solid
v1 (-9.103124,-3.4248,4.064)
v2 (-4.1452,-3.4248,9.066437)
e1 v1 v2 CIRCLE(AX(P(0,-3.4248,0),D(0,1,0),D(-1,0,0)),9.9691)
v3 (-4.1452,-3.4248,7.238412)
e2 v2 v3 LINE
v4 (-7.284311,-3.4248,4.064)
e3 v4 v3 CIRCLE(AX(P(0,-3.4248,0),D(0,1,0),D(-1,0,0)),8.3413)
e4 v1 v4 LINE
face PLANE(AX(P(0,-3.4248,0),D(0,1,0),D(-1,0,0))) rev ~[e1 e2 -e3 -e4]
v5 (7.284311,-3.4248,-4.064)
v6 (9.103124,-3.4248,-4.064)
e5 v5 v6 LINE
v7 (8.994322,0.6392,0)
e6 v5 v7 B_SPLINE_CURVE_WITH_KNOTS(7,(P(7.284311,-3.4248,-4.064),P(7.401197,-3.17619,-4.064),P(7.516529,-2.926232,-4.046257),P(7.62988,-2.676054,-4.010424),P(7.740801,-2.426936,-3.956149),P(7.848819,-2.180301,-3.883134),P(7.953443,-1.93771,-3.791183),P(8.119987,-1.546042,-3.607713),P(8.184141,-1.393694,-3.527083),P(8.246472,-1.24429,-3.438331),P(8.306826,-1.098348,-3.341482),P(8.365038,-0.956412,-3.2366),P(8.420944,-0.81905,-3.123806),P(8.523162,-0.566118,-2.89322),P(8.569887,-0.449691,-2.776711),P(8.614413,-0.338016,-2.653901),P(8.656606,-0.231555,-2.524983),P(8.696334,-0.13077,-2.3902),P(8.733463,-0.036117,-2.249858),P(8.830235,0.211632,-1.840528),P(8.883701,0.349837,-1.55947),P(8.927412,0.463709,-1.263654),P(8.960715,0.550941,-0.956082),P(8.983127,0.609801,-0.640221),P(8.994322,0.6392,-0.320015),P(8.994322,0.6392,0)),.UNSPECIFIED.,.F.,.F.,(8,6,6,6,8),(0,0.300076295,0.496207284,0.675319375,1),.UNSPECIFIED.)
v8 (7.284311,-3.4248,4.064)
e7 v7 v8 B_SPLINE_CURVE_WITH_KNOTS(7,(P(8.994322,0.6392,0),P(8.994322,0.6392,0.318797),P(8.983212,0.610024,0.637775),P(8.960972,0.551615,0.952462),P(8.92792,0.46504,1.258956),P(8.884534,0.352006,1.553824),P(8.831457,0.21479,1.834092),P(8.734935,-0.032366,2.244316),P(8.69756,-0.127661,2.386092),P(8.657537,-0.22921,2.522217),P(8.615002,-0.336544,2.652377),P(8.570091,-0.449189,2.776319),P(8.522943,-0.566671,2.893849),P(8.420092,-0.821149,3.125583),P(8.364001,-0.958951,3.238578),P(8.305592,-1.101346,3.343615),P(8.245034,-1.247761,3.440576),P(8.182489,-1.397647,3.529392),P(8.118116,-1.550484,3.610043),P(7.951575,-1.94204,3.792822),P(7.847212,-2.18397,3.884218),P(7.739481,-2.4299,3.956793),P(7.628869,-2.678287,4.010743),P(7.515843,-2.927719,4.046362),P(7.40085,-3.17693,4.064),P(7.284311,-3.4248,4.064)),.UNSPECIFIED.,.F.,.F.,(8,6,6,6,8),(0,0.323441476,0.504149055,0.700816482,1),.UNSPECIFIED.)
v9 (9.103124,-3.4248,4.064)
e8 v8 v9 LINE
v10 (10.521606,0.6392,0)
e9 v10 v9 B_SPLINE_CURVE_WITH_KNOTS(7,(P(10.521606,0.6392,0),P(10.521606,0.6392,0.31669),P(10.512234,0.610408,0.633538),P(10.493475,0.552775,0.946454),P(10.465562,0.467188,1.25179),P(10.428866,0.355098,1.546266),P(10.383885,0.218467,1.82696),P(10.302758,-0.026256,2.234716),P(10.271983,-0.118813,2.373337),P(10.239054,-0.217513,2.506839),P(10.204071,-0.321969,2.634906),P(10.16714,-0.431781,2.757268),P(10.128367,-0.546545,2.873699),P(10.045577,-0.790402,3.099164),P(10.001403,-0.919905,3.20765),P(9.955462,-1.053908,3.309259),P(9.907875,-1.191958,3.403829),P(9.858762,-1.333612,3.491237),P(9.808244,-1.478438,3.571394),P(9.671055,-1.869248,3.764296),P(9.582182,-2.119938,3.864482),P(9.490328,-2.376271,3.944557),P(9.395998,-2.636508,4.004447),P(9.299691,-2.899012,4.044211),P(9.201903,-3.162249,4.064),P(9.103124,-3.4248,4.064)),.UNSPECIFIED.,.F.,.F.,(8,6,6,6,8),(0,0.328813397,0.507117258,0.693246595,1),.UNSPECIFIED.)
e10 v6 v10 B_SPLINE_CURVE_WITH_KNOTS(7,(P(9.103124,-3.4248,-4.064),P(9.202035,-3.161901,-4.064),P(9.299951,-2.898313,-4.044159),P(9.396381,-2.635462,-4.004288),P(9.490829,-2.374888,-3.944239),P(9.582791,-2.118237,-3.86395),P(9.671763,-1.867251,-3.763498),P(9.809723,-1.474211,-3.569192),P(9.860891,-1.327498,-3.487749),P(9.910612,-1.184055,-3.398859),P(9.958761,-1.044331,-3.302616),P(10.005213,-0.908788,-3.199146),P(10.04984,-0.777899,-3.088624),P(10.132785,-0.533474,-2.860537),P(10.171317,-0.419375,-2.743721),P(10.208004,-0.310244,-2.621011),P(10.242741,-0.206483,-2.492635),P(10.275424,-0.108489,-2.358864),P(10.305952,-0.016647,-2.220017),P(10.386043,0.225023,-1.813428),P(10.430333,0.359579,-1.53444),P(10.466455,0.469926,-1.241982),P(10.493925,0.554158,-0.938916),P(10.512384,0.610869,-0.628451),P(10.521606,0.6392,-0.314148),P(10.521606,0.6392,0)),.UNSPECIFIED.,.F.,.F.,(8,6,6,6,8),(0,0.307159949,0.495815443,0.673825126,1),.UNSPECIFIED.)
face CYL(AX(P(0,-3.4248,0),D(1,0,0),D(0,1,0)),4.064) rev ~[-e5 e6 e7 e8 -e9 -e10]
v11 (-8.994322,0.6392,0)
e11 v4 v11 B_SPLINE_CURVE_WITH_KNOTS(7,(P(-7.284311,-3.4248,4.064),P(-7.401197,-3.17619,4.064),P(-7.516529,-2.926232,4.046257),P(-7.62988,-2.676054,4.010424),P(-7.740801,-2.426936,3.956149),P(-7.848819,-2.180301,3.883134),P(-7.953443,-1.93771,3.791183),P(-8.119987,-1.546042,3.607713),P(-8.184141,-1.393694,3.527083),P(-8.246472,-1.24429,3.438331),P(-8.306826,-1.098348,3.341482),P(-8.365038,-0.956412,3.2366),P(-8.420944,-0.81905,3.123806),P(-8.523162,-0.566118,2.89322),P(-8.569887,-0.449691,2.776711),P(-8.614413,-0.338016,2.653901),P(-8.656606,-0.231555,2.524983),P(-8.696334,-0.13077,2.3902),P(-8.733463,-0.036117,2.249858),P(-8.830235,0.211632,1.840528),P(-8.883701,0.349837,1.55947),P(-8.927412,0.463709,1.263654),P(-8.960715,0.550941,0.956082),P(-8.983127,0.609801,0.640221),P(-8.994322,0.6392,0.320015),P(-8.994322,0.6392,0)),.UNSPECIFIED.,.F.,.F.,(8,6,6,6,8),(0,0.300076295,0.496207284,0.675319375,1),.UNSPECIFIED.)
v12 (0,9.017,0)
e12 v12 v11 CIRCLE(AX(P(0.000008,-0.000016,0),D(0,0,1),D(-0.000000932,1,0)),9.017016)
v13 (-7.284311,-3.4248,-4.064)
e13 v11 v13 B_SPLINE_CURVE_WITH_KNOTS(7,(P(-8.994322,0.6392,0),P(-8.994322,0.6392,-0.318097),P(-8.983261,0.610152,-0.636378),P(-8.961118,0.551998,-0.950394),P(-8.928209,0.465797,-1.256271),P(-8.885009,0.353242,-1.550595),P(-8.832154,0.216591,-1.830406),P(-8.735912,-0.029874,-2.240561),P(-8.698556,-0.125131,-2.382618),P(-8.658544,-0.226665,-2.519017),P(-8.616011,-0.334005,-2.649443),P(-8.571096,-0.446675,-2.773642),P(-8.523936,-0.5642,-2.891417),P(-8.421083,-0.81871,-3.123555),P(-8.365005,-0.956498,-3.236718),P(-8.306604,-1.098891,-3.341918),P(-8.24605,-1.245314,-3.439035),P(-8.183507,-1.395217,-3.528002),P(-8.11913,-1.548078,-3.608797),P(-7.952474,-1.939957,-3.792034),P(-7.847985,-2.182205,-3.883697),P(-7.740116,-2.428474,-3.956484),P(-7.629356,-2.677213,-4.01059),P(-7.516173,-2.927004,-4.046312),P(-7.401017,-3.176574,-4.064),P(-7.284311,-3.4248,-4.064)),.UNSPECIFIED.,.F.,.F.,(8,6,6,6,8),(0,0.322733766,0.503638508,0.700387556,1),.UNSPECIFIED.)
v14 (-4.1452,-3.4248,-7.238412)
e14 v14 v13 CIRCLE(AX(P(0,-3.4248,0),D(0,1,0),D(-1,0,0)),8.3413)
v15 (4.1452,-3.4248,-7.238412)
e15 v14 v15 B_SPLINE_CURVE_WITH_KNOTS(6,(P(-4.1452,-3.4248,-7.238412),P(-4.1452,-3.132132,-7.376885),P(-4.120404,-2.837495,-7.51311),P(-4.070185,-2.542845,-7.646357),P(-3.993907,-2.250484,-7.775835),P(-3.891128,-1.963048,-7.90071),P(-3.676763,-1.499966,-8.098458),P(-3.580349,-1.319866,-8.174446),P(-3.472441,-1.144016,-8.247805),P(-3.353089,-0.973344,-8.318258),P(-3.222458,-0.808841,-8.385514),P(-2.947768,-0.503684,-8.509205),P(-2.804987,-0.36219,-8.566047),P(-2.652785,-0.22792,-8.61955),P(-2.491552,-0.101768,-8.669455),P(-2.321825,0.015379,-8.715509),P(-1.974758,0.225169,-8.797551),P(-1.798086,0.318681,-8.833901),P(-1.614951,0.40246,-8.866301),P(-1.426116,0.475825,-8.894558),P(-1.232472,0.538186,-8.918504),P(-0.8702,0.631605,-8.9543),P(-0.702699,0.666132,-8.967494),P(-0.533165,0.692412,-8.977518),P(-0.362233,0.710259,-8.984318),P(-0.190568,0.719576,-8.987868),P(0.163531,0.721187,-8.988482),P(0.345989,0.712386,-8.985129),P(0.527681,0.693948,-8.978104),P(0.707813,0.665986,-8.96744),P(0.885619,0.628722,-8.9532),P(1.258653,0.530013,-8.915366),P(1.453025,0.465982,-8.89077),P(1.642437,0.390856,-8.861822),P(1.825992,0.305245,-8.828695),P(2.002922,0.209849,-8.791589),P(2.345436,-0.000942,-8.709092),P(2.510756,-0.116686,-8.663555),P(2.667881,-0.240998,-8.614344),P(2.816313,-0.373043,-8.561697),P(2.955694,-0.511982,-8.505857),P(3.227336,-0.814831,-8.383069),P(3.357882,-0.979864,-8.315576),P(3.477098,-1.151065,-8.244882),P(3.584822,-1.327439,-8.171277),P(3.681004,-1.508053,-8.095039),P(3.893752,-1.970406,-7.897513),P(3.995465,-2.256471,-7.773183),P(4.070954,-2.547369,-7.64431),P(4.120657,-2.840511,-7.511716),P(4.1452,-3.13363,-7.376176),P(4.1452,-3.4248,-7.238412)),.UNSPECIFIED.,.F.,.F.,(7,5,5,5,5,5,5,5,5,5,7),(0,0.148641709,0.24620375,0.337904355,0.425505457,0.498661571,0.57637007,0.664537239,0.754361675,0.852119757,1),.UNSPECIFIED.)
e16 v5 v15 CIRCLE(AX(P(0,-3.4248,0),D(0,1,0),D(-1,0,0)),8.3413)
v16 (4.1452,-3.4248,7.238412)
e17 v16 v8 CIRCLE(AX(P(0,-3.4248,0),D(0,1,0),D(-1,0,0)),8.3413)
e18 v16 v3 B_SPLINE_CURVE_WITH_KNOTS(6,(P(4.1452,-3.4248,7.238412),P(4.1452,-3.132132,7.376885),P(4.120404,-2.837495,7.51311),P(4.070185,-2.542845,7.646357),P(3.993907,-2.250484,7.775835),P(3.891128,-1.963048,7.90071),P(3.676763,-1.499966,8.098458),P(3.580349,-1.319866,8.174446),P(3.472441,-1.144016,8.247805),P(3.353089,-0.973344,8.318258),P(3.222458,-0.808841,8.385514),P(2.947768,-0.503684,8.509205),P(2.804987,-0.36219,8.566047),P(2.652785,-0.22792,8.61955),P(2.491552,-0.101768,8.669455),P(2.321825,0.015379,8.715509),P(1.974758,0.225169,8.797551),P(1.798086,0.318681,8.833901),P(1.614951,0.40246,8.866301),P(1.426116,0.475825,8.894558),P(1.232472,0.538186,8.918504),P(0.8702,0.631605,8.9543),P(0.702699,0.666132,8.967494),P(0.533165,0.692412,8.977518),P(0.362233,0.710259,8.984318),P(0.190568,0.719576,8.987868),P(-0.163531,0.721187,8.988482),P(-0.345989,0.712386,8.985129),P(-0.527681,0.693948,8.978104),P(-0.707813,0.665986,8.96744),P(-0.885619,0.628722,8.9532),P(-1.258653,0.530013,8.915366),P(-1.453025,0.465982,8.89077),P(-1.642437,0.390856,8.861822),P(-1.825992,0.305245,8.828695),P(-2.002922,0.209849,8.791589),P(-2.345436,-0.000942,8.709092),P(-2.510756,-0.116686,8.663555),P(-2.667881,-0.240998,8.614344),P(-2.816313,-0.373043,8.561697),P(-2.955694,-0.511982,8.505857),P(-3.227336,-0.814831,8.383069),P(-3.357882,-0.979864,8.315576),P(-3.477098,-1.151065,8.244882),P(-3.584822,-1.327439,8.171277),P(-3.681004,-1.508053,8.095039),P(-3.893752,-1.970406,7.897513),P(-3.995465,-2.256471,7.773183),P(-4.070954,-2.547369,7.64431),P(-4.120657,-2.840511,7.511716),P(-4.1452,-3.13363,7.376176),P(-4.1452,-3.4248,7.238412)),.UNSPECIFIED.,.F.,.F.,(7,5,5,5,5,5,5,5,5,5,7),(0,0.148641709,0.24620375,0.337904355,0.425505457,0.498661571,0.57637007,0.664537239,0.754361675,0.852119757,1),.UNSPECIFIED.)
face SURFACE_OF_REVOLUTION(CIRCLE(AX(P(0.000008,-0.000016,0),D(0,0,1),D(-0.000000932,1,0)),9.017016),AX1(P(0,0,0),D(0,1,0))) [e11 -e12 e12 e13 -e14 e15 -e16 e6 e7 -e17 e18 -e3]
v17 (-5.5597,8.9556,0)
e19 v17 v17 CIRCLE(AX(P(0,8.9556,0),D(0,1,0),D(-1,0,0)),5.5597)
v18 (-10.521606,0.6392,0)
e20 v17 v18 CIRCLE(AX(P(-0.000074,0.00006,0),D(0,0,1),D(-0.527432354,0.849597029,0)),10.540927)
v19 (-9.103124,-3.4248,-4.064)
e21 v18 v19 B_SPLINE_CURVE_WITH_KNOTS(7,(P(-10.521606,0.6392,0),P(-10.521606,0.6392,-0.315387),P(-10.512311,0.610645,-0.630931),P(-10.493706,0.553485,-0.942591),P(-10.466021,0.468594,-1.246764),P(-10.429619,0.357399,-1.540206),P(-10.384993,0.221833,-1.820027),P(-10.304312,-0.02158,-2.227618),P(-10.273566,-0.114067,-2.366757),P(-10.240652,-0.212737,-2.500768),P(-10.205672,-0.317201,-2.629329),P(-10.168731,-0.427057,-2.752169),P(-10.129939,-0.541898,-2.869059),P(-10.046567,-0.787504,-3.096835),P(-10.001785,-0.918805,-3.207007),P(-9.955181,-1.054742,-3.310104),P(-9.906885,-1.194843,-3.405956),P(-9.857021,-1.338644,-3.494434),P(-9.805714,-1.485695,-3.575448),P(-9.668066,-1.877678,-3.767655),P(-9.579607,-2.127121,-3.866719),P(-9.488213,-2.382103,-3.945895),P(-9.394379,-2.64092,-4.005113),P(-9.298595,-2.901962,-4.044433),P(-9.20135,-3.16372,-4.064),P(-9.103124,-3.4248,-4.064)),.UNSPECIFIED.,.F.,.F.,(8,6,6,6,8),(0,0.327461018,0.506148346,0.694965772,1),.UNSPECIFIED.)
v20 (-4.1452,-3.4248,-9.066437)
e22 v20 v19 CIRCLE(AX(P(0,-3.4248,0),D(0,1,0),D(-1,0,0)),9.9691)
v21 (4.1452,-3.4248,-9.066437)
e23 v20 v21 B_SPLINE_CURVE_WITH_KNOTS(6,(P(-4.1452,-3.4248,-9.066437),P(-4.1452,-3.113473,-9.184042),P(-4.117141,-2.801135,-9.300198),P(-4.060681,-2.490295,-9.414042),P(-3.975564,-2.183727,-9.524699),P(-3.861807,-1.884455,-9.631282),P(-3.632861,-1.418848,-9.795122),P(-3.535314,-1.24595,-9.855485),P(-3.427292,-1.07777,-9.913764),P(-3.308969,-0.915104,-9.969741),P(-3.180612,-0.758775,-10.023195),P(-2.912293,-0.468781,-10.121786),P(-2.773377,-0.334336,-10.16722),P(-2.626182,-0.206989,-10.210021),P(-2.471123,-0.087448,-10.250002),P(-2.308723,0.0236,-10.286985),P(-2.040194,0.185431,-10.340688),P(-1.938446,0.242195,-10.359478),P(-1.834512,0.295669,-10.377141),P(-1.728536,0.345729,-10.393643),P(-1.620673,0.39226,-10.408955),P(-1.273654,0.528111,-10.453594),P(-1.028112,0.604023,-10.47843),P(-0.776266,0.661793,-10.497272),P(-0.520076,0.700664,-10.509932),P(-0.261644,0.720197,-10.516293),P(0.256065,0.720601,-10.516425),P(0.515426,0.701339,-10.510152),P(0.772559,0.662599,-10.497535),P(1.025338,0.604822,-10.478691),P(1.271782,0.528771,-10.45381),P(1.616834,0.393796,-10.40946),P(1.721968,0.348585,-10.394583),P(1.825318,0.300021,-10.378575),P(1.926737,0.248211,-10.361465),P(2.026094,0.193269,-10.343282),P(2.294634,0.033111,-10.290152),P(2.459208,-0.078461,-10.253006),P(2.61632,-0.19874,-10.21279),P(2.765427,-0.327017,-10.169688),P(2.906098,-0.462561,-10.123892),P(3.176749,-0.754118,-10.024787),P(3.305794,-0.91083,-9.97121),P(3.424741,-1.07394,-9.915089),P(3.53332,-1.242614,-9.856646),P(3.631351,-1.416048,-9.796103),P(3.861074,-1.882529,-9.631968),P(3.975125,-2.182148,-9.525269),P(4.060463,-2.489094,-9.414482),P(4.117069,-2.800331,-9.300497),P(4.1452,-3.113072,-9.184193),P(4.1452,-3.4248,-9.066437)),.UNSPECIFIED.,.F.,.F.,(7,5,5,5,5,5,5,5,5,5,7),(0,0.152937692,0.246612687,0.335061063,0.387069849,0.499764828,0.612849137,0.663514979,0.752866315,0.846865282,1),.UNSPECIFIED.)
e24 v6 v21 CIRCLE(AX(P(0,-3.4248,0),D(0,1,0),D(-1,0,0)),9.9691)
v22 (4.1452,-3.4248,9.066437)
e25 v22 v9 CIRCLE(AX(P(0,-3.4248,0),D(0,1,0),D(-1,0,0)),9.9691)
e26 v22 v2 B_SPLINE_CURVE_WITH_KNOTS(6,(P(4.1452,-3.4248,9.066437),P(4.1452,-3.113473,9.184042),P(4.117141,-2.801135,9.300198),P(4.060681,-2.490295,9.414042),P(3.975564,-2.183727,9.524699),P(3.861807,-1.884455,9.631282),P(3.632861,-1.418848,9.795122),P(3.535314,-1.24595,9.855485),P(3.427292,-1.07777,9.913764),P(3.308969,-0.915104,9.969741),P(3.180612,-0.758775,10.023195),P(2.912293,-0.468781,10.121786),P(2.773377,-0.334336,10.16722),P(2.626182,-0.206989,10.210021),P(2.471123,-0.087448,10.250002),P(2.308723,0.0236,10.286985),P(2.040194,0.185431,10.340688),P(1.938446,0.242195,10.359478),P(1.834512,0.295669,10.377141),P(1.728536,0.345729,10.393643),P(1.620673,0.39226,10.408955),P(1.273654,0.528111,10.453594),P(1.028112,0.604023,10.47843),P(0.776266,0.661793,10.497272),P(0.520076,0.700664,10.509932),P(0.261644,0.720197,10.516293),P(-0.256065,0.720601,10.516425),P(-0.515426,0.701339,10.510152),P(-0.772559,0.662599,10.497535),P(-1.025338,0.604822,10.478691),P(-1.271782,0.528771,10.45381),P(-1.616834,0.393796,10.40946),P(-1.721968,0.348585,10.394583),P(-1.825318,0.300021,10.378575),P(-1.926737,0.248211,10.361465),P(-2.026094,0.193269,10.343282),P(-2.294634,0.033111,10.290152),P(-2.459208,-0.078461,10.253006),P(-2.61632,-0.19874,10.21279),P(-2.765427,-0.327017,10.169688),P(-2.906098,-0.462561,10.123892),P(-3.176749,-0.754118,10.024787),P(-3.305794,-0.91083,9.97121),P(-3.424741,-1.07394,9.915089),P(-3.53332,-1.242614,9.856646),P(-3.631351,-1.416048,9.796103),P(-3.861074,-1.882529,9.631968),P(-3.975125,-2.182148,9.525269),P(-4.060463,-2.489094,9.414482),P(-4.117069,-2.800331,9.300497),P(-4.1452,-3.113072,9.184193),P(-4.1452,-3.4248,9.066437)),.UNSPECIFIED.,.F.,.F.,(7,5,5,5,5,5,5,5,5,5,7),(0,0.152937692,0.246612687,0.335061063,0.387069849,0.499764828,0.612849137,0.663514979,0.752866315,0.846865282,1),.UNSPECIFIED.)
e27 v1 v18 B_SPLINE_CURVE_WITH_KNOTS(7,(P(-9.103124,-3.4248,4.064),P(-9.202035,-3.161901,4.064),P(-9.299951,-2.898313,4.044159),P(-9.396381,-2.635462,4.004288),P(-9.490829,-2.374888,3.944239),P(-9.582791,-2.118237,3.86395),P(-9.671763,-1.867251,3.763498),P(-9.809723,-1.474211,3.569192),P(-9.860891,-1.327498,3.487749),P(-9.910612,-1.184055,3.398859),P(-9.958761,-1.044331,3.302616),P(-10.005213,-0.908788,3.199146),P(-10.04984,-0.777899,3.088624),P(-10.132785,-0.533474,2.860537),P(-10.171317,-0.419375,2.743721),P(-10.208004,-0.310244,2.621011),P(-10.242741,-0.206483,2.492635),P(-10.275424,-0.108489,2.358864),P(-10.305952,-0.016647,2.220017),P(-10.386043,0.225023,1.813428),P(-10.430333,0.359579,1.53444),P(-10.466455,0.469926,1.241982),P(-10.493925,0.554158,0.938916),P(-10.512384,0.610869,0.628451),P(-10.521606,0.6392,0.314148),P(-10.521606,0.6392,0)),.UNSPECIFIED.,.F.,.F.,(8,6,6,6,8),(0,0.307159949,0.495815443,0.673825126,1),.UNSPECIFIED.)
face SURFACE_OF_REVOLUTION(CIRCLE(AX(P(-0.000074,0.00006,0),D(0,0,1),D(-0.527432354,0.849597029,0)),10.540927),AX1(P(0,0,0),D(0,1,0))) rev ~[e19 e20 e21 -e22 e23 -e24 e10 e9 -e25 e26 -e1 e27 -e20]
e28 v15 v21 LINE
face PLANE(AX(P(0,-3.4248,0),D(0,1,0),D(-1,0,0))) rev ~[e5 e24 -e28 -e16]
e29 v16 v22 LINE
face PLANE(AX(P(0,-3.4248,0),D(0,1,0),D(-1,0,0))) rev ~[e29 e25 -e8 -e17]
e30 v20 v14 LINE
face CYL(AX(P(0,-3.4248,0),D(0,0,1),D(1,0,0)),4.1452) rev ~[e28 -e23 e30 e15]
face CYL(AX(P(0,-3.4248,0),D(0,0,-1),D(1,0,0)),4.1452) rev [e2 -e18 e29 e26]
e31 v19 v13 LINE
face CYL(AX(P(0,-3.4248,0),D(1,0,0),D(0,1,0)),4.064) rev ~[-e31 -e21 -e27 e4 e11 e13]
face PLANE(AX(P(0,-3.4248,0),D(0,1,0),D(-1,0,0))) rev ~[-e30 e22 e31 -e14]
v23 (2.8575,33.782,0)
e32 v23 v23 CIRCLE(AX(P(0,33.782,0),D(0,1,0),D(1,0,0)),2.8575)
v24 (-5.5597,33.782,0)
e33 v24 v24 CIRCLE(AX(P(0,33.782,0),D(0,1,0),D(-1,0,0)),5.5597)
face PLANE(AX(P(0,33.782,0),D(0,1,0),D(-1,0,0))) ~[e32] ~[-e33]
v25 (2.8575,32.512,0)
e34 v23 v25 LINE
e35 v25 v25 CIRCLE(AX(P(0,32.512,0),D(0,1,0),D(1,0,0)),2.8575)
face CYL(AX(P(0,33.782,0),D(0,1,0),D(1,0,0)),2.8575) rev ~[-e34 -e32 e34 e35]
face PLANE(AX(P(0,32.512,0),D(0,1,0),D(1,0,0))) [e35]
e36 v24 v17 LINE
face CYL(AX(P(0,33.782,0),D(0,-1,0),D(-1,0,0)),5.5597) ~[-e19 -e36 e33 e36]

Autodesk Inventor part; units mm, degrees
ref_plane "YZ Plane" through (0, 0, 0) normal (1, 0, 0) x (0, 1, 0)
ref_plane "XZ Plane" through (0, 0, 0) normal (0, 1, 0) x (-1, 0, 0)
ref_plane "XY Plane" through (0, 0, 0) normal (0, 0, 1) x (1, 0, 0)
sketch "Sketch1" plane through (0, 0, 0) normal (0, 0, 1) x (1, 0, 0)
  arc A0 (-5.5597, 8.9556) -> (-9.9691, -3.4248) centre (0, 0) ccw
  line L0 (0, 0) -> (0, 33.782)
  line L1 (0, 33.782) -> (-5.5597, 33.782)
  line L2 (-5.5597, 33.782) -> (-5.5597, 8.9556)
  line L3 (0, 0) -> (0, -2.735)
  arc A1 (0, 9.017) -> (-8.3413, -3.4248) centre (0, 0) ccw
  line L4 (-9.9691, -3.4248) -> (-8.3413, -3.4248)
  dimension "d1" = 21.082
  dimension "d2" = 1.524
  dimension "d12" = 33.782
revolve "Revolution1" add sketch "Sketch1" angle 360 about axis through (0, 0, 0) along (0, 1, 0)
sketch "Sketch4" plane through (0, 33.782, 0) normal (0, 1, 0) x (1, 0, 0)
  circle A0 centre (0, 0) radius 2.8575
  dimension "d4" = 5.715
extrude "Extrusion1" cut sketch "Sketch4" against normal blind 1.27
sketch "Sketch5" plane through (0, 0, 0) normal (1, 0, 0) x (0, 1, 0)
  line L0 (-3.4248, -9.9691) -> (-3.4248, 9.9691) projected
  circle A0 centre (-3.4248, 0) radius 4.064
  point P0 (0, 0)
  dimension "d7" = 8.128
extrude "Extrusion2" cut sketch "Sketch5" along normal mid plane 2540
sketch "Sketch7" plane through (0, 0, 0) normal (0, 0, 1) x (1, 0, 0)
  line L0 (7.2843, -3.4248) -> (-7.2843, -3.4248) projected
  circle A0 centre (0, -3.4248) radius 4.1452
  point P0 (0, 0)
extrude "Extrusion3" cut sketch "Sketch7" along normal mid plane 2540
properties part number "caster sumo jeffrey p"
